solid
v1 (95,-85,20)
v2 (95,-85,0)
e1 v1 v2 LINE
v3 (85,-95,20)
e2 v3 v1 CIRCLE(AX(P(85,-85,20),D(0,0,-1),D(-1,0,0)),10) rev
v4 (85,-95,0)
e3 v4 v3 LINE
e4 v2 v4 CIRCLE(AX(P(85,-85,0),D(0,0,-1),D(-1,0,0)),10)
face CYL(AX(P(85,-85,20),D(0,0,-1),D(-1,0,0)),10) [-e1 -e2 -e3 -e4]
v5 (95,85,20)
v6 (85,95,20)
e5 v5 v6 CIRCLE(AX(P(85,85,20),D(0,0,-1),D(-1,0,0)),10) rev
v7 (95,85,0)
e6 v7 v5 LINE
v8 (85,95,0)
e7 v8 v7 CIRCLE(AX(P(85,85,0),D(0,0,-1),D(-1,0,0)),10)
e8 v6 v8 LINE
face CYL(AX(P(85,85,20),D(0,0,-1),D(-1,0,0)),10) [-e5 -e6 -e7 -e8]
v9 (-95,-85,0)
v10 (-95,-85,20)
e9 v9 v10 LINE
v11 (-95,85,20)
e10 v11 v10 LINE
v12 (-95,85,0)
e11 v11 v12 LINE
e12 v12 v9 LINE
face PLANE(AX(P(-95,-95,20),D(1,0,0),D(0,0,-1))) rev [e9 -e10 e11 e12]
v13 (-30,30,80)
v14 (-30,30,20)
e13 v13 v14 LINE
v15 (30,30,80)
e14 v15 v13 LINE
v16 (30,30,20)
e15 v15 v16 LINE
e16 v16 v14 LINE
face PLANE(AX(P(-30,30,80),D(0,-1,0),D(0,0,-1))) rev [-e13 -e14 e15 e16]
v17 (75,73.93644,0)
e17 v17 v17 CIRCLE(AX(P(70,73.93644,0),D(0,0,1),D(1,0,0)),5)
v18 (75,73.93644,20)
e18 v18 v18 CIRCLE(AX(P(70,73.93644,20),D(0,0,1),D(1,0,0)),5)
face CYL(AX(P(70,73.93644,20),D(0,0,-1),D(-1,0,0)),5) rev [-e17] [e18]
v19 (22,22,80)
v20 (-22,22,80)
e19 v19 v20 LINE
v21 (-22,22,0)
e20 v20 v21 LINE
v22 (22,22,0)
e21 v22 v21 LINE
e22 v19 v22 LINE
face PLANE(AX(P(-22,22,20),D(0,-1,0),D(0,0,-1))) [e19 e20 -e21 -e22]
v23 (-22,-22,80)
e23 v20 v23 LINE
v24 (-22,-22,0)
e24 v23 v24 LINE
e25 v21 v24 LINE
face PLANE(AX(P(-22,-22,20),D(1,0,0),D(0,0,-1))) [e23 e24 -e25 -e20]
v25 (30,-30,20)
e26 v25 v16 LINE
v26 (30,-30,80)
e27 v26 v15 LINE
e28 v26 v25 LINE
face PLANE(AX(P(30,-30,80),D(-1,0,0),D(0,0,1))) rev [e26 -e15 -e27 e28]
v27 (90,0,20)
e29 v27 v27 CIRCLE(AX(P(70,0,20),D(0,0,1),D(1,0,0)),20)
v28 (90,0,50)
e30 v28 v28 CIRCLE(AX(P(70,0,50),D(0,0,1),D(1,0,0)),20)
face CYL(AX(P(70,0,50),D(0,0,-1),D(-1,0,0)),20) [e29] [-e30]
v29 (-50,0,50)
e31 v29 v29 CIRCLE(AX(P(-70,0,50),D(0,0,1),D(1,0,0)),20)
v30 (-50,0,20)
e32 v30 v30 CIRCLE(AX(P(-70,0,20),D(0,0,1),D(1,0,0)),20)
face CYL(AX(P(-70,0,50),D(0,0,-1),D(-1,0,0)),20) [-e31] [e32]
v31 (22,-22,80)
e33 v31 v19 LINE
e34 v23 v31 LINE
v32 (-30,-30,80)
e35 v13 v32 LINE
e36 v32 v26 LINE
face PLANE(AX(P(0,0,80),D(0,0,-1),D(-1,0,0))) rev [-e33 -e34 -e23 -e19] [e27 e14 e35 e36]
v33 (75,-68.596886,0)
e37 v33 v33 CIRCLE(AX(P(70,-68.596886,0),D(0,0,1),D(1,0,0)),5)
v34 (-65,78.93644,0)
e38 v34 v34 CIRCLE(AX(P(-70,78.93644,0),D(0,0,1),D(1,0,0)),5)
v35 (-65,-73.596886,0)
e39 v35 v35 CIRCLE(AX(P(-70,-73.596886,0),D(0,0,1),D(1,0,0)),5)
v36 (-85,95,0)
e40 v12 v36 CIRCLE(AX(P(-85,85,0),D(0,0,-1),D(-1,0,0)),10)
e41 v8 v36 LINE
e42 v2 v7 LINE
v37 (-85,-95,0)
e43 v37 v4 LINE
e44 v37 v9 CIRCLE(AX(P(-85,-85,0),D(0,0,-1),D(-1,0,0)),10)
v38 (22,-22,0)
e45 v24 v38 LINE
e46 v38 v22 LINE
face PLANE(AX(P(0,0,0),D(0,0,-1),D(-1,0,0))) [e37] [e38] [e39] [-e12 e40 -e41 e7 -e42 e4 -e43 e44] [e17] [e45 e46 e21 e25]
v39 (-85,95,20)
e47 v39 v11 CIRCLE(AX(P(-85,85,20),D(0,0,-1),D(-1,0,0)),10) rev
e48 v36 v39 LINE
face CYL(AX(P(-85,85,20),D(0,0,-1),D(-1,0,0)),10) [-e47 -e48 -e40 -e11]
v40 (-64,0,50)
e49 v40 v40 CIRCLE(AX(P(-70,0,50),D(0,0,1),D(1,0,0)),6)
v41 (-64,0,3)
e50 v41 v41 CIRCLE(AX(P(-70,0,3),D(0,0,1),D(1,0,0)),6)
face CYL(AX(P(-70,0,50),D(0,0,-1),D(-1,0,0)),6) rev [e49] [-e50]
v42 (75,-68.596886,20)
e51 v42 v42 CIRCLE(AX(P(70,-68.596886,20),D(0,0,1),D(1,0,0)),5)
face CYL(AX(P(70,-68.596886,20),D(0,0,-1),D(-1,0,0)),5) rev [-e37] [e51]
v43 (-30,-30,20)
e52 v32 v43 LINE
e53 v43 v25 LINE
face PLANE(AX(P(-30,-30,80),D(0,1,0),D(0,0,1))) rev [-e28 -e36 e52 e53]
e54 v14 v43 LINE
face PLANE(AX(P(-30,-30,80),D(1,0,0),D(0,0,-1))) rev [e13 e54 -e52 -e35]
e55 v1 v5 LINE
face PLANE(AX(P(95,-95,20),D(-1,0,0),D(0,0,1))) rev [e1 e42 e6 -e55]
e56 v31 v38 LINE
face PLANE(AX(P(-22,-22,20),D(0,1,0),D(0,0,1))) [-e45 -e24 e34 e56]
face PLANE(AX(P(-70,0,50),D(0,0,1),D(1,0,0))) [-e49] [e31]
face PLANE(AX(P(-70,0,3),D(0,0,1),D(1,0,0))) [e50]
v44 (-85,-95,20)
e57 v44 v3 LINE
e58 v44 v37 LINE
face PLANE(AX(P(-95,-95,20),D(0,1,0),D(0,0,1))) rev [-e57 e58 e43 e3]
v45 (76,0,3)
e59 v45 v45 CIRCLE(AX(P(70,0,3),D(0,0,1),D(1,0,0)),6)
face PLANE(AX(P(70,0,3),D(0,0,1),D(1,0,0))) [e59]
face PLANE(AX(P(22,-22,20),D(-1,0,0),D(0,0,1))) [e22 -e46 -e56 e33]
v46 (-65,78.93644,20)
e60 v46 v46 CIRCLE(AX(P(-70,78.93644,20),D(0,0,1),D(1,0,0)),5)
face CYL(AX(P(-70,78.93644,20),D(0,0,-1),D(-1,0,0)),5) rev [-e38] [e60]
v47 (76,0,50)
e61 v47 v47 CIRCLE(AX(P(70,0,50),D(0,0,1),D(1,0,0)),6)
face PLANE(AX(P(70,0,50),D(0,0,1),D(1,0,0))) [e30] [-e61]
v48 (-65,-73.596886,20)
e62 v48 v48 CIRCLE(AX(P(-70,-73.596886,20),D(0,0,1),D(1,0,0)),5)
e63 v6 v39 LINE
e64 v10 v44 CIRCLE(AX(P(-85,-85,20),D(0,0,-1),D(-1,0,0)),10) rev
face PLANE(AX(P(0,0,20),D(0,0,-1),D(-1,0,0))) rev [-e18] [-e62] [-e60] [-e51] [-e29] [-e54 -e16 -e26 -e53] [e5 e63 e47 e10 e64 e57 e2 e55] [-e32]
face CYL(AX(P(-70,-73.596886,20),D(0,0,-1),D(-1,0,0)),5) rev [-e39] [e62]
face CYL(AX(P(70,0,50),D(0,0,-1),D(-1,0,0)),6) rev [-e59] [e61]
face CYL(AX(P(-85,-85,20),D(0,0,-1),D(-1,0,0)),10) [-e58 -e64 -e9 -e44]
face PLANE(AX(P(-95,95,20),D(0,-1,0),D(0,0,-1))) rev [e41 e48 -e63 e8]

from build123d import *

# Parameters (mm, degrees)
SKETCH1_W           = 190
SKETCH1_H           = 190
SKETCH1_R           = 20
SKETCH1_R_2         = 5
SKETCH1_W_2         = 44
SKETCH1_H_2         = 44
BOSS_EXTRUDE2_DEPTH = 20
SKETCH2_R           = 20
SKETCH2_R_2         = 6
BOSS_EXTRUDE5_DEPTH = 50
SKETCH4_R           = 20
BOSS_EXTRUDE6_DEPTH = 3
FILLET1_R           = 10
SKETCH6_W           = 60
SKETCH6_H           = 60
SKETCH6_W_2         = 44
SKETCH6_H_2         = 44
BOSS_EXTRUDE7_DEPTH = 80


with BuildPart() as part:
    # Sketch1 → Boss-Extrude2 (new body)
    with BuildSketch(Plane.XY):
        Rectangle(SKETCH1_W, SKETCH1_H)
        with Locations((-70, 0)):
            Circle(SKETCH1_R, mode=Mode.SUBTRACT)
        with Locations((70, 0)):
            Circle(SKETCH1_R, mode=Mode.SUBTRACT)
        with Locations((70, -68.596885854)):
            Circle(SKETCH1_R_2, mode=Mode.SUBTRACT)
        with Locations((-70, -73.596885854)):
            Circle(SKETCH1_R_2, mode=Mode.SUBTRACT)
        with Locations((70, 73.936439664)):
            Circle(SKETCH1_R_2, mode=Mode.SUBTRACT)
        with Locations((-70, 78.936439664)):
            Circle(SKETCH1_R_2, mode=Mode.SUBTRACT)
        Rectangle(SKETCH1_W_2, SKETCH1_H_2, mode=Mode.SUBTRACT)
    extrude(amount=BOSS_EXTRUDE2_DEPTH)

    # Sketch2 → Boss-Extrude5 (add)
    with BuildSketch(Plane.XY):
        with Locations((-70, 0)):
            Circle(SKETCH2_R)
        with Locations((-70, 0)):
            Circle(SKETCH2_R_2, mode=Mode.SUBTRACT)
        with Locations((70, 0)):
            Circle(SKETCH2_R)
        with Locations((70, 0)):
            Circle(SKETCH2_R_2, mode=Mode.SUBTRACT)
    extrude(amount=BOSS_EXTRUDE5_DEPTH)

    # Sketch4 → Boss-Extrude6 (add)
    with BuildSketch(Plane.XY):
        with Locations((70, 0)):
            Circle(SKETCH4_R)
        with Locations((-70, 0)):
            Circle(SKETCH4_R)
    extrude(amount=BOSS_EXTRUDE6_DEPTH)

    # Fillet1
    fillet1_edges = [part.edges().sort_by_distance(p)[0] for p in [
        (95, -95, 10),
        (-95, -95, 10),
        (-95, 95, 10),
        (95, 95, 10),
    ]]
    fillet(fillet1_edges, radius=FILLET1_R)

    # Sketch6 → Boss-Extrude7 (add)
    with BuildSketch(Plane.XY):
        Rectangle(SKETCH6_W, SKETCH6_H)
        Rectangle(SKETCH6_W_2, SKETCH6_H_2, mode=Mode.SUBTRACT)
    extrude(amount=BOSS_EXTRUDE7_DEPTH)


solid = part.part
